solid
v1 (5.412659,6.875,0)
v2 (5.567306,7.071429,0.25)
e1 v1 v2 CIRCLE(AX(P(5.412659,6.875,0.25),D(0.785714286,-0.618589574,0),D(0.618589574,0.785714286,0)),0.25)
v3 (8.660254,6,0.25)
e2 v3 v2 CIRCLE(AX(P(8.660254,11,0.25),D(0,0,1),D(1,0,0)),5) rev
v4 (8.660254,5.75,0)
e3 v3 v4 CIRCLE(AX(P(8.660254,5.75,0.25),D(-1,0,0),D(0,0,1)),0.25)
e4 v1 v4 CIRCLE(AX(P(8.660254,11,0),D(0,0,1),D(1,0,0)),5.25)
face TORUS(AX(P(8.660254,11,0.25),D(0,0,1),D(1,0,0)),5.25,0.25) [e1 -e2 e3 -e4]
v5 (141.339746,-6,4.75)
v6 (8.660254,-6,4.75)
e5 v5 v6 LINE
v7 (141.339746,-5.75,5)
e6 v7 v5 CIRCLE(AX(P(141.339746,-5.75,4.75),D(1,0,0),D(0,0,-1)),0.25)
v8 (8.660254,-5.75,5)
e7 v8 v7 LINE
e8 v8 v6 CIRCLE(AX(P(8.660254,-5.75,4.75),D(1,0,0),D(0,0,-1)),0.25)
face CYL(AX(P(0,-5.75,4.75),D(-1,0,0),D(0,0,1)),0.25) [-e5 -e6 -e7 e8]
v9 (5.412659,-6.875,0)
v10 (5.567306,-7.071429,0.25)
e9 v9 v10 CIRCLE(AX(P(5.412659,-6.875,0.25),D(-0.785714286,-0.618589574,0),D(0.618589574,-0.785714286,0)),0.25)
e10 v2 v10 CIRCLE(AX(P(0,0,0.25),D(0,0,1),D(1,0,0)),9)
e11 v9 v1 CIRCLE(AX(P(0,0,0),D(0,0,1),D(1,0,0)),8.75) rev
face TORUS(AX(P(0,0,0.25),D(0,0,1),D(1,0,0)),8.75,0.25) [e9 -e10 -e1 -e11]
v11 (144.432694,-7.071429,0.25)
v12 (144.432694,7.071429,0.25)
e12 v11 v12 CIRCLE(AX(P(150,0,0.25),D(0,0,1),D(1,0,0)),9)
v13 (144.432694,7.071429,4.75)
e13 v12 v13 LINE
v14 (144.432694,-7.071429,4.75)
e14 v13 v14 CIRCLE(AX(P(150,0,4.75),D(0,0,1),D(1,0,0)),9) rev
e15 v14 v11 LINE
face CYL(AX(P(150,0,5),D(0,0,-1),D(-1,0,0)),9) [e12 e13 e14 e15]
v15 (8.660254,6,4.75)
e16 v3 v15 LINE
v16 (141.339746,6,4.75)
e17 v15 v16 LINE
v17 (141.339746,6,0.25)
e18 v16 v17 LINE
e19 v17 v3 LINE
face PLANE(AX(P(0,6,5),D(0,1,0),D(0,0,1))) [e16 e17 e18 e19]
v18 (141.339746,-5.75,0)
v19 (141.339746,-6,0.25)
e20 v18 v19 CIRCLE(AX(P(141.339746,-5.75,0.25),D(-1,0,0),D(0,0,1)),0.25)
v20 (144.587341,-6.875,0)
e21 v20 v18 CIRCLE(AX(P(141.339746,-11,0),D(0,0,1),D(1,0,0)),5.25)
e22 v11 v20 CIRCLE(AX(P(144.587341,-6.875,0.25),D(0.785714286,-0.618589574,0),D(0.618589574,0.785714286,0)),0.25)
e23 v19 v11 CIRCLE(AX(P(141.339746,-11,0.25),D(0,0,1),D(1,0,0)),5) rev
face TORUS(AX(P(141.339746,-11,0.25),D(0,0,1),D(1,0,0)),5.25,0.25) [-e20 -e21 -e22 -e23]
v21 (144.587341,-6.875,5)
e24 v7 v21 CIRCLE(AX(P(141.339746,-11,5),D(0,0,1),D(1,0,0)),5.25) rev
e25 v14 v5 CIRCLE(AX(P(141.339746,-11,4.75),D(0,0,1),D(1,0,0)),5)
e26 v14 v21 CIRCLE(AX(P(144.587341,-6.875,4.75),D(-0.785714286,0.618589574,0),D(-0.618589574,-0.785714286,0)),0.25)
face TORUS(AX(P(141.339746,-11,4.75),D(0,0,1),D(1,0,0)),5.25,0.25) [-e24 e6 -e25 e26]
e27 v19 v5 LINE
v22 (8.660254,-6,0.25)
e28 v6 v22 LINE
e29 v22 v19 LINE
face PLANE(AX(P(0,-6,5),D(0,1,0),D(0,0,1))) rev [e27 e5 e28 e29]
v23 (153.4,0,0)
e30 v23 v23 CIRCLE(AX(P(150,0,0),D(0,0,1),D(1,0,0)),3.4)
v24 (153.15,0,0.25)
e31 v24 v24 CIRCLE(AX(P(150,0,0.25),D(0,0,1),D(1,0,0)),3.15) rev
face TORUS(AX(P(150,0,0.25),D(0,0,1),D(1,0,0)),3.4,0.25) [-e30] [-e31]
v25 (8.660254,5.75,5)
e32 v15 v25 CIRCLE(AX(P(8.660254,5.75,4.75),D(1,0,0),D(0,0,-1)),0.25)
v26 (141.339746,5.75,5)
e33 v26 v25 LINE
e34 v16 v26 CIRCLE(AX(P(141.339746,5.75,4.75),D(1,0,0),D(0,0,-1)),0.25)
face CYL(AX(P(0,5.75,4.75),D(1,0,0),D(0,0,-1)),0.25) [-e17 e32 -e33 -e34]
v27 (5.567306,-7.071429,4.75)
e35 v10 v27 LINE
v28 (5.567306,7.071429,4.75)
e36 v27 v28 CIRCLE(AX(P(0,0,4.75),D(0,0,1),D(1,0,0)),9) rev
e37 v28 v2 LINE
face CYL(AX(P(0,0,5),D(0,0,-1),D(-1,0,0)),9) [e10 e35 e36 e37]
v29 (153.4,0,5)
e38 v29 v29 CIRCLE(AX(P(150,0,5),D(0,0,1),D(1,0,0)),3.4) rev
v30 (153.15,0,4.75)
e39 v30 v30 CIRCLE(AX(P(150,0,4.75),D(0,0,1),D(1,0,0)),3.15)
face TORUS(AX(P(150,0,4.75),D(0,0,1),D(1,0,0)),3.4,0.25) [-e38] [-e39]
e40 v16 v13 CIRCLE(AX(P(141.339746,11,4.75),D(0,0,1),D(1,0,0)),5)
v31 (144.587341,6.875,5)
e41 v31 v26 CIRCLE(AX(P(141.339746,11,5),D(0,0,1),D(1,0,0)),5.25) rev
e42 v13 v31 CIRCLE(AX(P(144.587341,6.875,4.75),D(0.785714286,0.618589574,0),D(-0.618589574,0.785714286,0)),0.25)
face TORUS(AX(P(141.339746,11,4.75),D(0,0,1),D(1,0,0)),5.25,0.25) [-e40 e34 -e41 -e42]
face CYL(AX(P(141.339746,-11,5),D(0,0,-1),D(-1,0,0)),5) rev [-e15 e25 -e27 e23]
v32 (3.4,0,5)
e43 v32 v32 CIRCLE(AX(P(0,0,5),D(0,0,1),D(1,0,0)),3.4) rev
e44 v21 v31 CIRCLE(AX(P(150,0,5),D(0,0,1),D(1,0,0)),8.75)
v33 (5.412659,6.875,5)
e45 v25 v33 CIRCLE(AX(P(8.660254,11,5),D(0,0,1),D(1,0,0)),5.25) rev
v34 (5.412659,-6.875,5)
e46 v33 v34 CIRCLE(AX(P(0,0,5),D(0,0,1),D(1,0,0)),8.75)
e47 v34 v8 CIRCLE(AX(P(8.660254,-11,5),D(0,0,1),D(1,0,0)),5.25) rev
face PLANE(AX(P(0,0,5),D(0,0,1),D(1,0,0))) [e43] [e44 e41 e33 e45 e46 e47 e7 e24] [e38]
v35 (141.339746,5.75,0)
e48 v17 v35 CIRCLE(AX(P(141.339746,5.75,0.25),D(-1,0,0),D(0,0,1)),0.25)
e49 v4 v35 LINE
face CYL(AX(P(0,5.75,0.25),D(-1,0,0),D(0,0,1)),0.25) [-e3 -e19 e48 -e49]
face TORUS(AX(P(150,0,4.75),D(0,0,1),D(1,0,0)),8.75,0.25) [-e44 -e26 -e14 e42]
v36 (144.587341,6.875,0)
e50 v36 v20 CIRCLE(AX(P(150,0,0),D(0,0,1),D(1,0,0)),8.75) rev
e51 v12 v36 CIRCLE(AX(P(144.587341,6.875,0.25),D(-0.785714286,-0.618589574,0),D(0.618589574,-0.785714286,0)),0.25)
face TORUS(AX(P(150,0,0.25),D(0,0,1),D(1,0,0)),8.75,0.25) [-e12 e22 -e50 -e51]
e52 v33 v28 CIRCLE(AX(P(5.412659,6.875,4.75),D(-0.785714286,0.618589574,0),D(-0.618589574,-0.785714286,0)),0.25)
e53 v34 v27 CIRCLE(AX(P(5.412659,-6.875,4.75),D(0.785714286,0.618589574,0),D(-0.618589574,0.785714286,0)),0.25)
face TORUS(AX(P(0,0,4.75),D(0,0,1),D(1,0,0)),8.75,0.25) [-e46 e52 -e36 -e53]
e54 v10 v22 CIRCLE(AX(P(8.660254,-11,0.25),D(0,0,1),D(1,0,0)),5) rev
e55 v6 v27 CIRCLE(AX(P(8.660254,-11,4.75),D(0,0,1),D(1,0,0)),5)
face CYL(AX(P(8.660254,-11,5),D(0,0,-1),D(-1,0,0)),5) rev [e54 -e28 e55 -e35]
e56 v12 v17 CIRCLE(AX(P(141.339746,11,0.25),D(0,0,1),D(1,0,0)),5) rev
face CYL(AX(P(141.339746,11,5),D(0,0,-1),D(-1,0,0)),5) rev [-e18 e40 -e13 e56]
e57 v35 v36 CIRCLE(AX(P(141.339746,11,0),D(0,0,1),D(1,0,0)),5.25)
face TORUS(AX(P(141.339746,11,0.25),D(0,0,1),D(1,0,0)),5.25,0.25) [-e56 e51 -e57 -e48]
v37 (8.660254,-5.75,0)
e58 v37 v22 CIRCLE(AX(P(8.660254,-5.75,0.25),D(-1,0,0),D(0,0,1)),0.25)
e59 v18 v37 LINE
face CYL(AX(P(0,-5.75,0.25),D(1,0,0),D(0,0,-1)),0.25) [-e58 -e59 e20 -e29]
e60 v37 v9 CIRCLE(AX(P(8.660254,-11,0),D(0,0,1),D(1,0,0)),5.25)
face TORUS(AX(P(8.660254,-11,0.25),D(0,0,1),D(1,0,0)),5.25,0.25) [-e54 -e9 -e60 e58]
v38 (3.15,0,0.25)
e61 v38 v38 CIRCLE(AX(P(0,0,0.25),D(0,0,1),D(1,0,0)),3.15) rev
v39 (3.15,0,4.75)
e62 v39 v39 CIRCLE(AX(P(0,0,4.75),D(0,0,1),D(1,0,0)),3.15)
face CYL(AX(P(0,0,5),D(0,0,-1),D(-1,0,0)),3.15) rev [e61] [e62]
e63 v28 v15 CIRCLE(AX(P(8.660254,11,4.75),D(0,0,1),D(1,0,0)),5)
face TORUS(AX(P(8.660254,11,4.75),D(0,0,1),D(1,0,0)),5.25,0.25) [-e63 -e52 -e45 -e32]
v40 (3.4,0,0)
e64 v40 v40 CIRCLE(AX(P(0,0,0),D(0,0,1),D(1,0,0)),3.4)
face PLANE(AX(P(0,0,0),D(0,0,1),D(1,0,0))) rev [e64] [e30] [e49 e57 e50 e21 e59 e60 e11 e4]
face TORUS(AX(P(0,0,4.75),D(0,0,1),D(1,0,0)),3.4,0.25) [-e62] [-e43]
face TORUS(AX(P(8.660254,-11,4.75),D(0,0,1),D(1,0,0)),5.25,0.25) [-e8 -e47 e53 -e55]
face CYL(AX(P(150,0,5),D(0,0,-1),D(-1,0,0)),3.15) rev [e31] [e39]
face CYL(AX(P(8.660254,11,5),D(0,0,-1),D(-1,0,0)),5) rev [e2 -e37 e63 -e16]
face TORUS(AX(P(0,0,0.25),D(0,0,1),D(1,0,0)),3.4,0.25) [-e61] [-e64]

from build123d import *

# Parameters (mm, degrees)
SKETCH1_R           = 3.15
BOSS_EXTRUDE2_DEPTH = 5
FILLET1_R           = 5
FILLET2_R           = 0.25


with BuildPart() as part:
    # Sketch1 → Boss-Extrude2 (new body)
    with BuildSketch(Plane.XY):
        with BuildLine():
            Line((143.291796068, 6), (6.708203932, 6))
            ThreePointArc((6.708203932, 6), (-9, 0), (6.708203932, -6))
            Line((6.708203932, -6), (75, -6))
            Line((75, -6), (143.291796068, -6))
            ThreePointArc((143.291796068, -6), (159, 0), (143.291796068, 6))
        make_face()
        Circle(SKETCH1_R, mode=Mode.SUBTRACT)
        with Locations((150, 0)):
            Circle(SKETCH1_R, mode=Mode.SUBTRACT)
    extrude(amount=BOSS_EXTRUDE2_DEPTH)

    # Fillet1
    fillet1_edges = [part.edges().sort_by_distance(p)[0] for p in [
        (143.291796068, -6, 2.5),
        (6.708203932, -6, 2.5),
        (6.708203932, 6, 2.5),
        (143.291796068, 6, 2.5),
    ]]
    fillet(fillet1_edges, radius=FILLET1_R)

    # Fillet2
    fillet2_edges = [part.edges().sort_by_distance(p)[0] for p in [
        (75, -6, 0),
        (75, -6, 5),
        (-9, 0, 0),
        (-9, 0, 5),
        (159, 0, 0),
        (146.85, 0, 5),
        (159, 0, 5),
        (75, 6, 0),
        (75, 6, 5),
        (7.023619861, -6.275444087, 0),
        (7.023619861, -6.275444087, 5),
        (-3.15, 0, 5),
        (142.976380139, -6.275444087, 0),
        (142.976380139, -6.275444087, 5),
        (142.976380139, 6.275444087, 0),
        (142.976380139, 6.275444087, 5),
        (7.023619861, 6.275444087, 0),
        (7.023619861, 6.275444087, 5),
        (-3.15, 0, 0),
        (146.85, 0, 0),
    ]]
    fillet(fillet2_edges, radius=FILLET2_R)


solid = part.part
